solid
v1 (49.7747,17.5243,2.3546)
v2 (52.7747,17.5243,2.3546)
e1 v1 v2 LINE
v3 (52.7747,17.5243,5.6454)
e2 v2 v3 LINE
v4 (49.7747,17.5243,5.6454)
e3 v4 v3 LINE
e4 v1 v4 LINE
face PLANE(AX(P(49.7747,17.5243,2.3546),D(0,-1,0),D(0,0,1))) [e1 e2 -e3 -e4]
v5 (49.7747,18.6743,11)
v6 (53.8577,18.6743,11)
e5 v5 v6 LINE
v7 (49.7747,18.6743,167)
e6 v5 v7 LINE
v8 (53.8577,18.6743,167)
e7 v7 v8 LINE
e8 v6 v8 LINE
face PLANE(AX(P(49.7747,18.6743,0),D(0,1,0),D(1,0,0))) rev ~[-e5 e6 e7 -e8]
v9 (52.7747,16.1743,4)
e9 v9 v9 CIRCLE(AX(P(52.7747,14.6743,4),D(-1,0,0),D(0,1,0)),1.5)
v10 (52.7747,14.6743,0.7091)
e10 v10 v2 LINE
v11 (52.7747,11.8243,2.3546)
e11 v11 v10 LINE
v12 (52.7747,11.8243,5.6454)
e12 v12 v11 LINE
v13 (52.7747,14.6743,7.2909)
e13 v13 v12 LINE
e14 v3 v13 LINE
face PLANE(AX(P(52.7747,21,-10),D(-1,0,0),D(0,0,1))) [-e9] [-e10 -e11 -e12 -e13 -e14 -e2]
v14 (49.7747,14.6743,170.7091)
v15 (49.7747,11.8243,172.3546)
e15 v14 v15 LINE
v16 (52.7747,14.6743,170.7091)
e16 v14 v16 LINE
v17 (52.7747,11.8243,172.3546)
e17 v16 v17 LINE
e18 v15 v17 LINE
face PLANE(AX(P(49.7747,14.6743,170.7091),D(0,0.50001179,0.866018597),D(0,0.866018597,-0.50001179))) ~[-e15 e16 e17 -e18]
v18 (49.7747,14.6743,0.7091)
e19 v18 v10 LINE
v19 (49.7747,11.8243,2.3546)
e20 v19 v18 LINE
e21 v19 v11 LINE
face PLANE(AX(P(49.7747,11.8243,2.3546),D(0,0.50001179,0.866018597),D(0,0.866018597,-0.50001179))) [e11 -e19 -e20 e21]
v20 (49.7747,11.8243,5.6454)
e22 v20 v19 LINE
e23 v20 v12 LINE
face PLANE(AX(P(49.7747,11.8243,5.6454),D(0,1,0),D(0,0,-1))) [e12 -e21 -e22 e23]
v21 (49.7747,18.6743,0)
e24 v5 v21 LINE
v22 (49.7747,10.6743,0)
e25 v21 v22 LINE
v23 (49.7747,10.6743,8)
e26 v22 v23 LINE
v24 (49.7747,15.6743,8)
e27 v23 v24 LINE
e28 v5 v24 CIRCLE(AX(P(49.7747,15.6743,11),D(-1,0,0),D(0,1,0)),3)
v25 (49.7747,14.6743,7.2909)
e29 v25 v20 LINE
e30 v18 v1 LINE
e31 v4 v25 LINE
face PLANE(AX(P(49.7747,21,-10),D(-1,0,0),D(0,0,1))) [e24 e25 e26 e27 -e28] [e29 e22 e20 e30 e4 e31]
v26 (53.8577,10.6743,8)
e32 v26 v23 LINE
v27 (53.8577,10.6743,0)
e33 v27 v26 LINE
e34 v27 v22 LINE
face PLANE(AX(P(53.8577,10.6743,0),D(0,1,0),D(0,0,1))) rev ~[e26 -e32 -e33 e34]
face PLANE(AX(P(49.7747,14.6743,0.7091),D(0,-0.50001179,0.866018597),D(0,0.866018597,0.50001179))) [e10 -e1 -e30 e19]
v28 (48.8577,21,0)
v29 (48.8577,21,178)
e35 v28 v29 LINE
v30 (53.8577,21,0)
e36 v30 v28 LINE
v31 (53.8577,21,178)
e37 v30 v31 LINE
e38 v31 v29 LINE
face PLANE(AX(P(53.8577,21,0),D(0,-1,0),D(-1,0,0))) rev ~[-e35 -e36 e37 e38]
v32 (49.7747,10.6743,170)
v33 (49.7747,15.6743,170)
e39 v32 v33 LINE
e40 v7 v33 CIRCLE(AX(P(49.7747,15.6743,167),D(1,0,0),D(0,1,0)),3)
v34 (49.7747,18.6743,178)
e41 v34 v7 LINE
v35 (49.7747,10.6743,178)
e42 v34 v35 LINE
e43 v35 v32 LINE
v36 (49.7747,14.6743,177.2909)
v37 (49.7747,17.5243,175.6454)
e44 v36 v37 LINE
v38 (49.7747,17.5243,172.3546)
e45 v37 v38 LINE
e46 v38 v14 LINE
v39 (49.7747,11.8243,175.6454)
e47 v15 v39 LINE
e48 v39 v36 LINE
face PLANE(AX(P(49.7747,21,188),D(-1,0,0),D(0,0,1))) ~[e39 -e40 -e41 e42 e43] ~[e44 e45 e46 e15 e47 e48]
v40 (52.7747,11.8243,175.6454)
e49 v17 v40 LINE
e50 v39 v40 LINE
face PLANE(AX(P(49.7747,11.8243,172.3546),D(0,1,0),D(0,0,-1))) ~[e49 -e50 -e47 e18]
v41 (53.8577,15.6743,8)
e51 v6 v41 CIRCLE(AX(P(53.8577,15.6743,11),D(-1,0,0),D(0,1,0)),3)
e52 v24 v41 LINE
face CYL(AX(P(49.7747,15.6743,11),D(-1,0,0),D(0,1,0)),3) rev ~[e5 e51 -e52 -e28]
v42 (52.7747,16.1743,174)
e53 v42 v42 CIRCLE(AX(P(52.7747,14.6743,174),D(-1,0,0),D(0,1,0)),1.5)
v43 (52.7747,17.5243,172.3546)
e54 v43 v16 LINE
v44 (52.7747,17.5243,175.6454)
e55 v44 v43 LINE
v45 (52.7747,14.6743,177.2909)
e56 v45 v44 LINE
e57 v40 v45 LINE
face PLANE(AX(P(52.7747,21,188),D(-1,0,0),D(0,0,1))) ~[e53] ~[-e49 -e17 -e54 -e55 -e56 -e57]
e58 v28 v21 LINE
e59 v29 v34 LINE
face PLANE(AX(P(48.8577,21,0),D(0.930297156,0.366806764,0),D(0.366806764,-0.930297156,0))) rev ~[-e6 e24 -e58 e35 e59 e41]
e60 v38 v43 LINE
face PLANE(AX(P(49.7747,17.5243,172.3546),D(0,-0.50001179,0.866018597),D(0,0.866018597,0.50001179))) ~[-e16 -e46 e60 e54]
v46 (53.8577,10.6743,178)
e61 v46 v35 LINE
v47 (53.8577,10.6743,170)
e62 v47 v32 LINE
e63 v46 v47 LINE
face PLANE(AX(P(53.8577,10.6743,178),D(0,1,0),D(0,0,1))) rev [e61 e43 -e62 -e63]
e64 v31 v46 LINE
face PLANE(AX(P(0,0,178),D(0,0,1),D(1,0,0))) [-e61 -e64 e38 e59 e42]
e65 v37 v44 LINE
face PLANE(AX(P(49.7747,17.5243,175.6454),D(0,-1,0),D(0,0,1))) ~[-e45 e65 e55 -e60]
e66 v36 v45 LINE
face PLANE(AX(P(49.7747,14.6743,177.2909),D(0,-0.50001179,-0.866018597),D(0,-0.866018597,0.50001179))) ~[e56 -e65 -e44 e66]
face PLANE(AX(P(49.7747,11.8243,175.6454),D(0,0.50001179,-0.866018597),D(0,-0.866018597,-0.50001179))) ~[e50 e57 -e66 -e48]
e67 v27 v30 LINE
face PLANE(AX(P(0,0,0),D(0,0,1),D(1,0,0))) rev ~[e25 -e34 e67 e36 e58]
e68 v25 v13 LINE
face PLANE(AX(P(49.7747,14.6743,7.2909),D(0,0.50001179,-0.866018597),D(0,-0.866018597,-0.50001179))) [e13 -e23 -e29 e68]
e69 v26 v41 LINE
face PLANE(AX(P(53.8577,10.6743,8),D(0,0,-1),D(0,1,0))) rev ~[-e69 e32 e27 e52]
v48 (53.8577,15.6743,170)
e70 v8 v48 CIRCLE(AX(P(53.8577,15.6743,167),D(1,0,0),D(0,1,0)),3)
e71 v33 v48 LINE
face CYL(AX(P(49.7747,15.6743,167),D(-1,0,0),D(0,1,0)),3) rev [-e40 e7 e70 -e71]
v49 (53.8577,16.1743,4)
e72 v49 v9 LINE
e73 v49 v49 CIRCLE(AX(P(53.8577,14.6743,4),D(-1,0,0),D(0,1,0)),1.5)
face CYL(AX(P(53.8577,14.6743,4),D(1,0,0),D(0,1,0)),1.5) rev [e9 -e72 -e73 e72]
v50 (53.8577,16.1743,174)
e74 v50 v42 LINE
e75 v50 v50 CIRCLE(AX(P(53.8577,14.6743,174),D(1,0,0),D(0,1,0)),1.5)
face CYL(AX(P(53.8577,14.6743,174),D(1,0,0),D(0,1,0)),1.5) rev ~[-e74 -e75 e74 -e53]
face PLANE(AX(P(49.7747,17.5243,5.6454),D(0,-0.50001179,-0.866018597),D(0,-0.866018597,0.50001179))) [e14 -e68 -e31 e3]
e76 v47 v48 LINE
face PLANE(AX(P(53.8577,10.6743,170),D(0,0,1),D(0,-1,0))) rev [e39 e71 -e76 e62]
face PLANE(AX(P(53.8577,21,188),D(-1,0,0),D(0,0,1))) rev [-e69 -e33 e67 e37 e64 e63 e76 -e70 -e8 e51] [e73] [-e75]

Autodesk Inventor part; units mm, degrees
ref_plane "YZ Plane" through (0, 0, 0) normal (1, 0, 0) x (0, 1, 0)
ref_plane "XZ Plane" through (0, 0, 0) normal (0, 1, 0) x (-1, 0, 0)
sketch "スケッチ1" plane through (0, 0, 0) normal (0, 0, 1) x (1, 0, 0)
  line L0 (-53.8577, -21) -> (53.8577, -21) projected
  line L1 (53.8577, -21) -> (53.8577, 21) projected
  line L2 (53.8577, 21) -> (48.8577, 21) projected
  line L3 (48.8577, 21) -> (49.7747, 18.6743) projected
  line L4 (49.7747, 18.6743) -> (-44.506, -18.5) projected
  line L5 (-44.506, -18.5) -> (-45.423, -16.1743) projected
  line L6 (-45.423, -16.1743) -> (-53.8577, -19.5) projected
  line L7 (-53.8577, -19.5) -> (-53.8577, -21) projected
  line L8 (-14.7433, -12.1394) -> (42.0411, 10.2503) projected
  arc A0 (44.7747, 8.3897) -> (42.0411, 10.2503) centre (42.7747, 8.3897) ccw projected
  line L9 (44.7747, 8.3897) -> (44.7747, -14) projected
  arc A1 (42.7747, -16) -> (44.7747, -14) centre (42.7747, -14) ccw projected
  line L10 (42.7747, -16) -> (-14.0097, -16) projected
  arc A2 (-14.7433, -12.1394) -> (-14.0097, -16) centre (-14.0097, -14) ccw projected
  line L11 (49.7747, 18.6743) -> (53.8577, 18.6743)
  point P0 (0, 0)
ref_plane "作業平面1" through (-53.8577, -21, 178) normal (0, 0, -1) x (0, 1, 0)
extrude "押し出し1" add sketch "スケッチ1" along normal up to surface (178 mm away) contours L11 L3 L2 L1
ref_plane "作業平面2" through (53.8577, 21, -10) normal (-1, 0, 0) x (0, 1, 0)
sketch "スケッチ3" plane through (53.8577, 21, -10) normal (-1, 0, 0) x (0, 1, 0)
  line L0 (-2.3257, -10) -> (-2.3257, -188) projected
  line L1 (-2.3257, -10) -> (0, -10) projected
  line L2 (-2.3257, -10) -> (-10.3257, -10)
  line L3 (-10.3257, -10) -> (-10.3257, -18)
  line L4 (-10.3257, -18) -> (-2.3257, -18)
  line L5 (-2.3257, -18) -> (-2.3257, -10)
  circle A0 centre (-6.3257, -14) radius 1.5
  line L6 (-3.4757, -15.6454) -> (-6.3257, -17.2909)
  line L7 (-6.3257, -17.2909) -> (-9.1757, -15.6454)
  line L8 (-9.1757, -15.6454) -> (-9.1757, -12.3546)
  line L9 (-9.1757, -12.3546) -> (-6.3257, -10.7091)
  line L10 (-6.3257, -10.7091) -> (-3.4757, -12.3546)
  line L11 (-3.4757, -12.3546) -> (-3.4757, -15.6454)
  point P0 (-21, -10)
  dimension "d5" = 8
  dimension "d6" = 8
  dimension "d7" = 3
  dimension "d8" = 5.7
extrude "押し出し2" add sketch "スケッチ3" along normal blind 4.083 contours L0 L4 L3 L2 | L6 L7 L8 L9 L10 L11
ref_plane "作業平面4" through (49.7747, 18.6743, 0) normal (1, 0, 0) x (0, 0, -1)
sketch "スケッチ4" plane through (49.7747, 21, -10) normal (-1, 0, 0) x (0, 0, 1)
  circle A0 centre (14, -6.3257) radius 1.5 projected
  line L0 (12.3546, -9.1757) -> (10.7091, -6.3257)
  line L1 (10.7091, -6.3257) -> (12.3546, -3.4757)
  line L2 (12.3546, -3.4757) -> (15.6454, -3.4757)
  line L3 (15.6454, -3.4757) -> (17.2909, -6.3257)
  line L4 (17.2909, -6.3257) -> (15.6454, -9.1757)
  line L5 (15.6454, -9.1757) -> (12.3546, -9.1757)
  point P0 (10, -21)
  point P1 (14, -3.4757)
  point P2 (14, -9.1757)
  dimension "d11" = 5.7
extrude "押し出し3" cut sketch "スケッチ4" against normal blind 3
sketch "スケッチ5" plane through (49.7747, 21, -10) normal (-1, 0, 0) x (0, 0, 1)
  line L0 (18, -2.3257) -> (10, -2.3257) projected
  line L1 (18, -2.3257) -> (188, -2.3257) projected
  line L2 (18, -10.3257) -> (18, -2.3257) projected
  line L3 (18, -2.3257) -> (21, -2.3257)
  line L4 (21, -2.3257) -> (21, -5.3257)
  line L5 (21, -5.3257) -> (18, -5.3257)
  line L6 (18, -5.3257) -> (18, -2.3257)
  arc A0 (21, -2.3257) -> (18, -5.3257) centre (21, -5.3257) ccw
  point P0 (10, -21)
  point P1 (21, -2.3257)
  dimension "d14" = 3
  dimension "d15" = 3
extrude "押し出し4" add sketch "スケッチ5" against normal blind 4.083 contours L1 A0 L2
ref_plane "作業平面5" through (48.8577, 21, 89) normal (0, 0, 1) x (1, 0, 0)
mirror "ミラー1" about plane through (48.8577, 21, 89) normal (0, 0, 1) of "押し出し2", "押し出し4"
mirror "ミラー2" about plane through (48.8577, 21, 89) normal (0, 0, 1) of "押し出し3"
ref_plane "作業平面6" through (48.8577, 21, 89) normal (0, 0, 1) x (1, 0, 0)
equation "\"d6\" = d5"
properties part number "Spcer_Upper"
